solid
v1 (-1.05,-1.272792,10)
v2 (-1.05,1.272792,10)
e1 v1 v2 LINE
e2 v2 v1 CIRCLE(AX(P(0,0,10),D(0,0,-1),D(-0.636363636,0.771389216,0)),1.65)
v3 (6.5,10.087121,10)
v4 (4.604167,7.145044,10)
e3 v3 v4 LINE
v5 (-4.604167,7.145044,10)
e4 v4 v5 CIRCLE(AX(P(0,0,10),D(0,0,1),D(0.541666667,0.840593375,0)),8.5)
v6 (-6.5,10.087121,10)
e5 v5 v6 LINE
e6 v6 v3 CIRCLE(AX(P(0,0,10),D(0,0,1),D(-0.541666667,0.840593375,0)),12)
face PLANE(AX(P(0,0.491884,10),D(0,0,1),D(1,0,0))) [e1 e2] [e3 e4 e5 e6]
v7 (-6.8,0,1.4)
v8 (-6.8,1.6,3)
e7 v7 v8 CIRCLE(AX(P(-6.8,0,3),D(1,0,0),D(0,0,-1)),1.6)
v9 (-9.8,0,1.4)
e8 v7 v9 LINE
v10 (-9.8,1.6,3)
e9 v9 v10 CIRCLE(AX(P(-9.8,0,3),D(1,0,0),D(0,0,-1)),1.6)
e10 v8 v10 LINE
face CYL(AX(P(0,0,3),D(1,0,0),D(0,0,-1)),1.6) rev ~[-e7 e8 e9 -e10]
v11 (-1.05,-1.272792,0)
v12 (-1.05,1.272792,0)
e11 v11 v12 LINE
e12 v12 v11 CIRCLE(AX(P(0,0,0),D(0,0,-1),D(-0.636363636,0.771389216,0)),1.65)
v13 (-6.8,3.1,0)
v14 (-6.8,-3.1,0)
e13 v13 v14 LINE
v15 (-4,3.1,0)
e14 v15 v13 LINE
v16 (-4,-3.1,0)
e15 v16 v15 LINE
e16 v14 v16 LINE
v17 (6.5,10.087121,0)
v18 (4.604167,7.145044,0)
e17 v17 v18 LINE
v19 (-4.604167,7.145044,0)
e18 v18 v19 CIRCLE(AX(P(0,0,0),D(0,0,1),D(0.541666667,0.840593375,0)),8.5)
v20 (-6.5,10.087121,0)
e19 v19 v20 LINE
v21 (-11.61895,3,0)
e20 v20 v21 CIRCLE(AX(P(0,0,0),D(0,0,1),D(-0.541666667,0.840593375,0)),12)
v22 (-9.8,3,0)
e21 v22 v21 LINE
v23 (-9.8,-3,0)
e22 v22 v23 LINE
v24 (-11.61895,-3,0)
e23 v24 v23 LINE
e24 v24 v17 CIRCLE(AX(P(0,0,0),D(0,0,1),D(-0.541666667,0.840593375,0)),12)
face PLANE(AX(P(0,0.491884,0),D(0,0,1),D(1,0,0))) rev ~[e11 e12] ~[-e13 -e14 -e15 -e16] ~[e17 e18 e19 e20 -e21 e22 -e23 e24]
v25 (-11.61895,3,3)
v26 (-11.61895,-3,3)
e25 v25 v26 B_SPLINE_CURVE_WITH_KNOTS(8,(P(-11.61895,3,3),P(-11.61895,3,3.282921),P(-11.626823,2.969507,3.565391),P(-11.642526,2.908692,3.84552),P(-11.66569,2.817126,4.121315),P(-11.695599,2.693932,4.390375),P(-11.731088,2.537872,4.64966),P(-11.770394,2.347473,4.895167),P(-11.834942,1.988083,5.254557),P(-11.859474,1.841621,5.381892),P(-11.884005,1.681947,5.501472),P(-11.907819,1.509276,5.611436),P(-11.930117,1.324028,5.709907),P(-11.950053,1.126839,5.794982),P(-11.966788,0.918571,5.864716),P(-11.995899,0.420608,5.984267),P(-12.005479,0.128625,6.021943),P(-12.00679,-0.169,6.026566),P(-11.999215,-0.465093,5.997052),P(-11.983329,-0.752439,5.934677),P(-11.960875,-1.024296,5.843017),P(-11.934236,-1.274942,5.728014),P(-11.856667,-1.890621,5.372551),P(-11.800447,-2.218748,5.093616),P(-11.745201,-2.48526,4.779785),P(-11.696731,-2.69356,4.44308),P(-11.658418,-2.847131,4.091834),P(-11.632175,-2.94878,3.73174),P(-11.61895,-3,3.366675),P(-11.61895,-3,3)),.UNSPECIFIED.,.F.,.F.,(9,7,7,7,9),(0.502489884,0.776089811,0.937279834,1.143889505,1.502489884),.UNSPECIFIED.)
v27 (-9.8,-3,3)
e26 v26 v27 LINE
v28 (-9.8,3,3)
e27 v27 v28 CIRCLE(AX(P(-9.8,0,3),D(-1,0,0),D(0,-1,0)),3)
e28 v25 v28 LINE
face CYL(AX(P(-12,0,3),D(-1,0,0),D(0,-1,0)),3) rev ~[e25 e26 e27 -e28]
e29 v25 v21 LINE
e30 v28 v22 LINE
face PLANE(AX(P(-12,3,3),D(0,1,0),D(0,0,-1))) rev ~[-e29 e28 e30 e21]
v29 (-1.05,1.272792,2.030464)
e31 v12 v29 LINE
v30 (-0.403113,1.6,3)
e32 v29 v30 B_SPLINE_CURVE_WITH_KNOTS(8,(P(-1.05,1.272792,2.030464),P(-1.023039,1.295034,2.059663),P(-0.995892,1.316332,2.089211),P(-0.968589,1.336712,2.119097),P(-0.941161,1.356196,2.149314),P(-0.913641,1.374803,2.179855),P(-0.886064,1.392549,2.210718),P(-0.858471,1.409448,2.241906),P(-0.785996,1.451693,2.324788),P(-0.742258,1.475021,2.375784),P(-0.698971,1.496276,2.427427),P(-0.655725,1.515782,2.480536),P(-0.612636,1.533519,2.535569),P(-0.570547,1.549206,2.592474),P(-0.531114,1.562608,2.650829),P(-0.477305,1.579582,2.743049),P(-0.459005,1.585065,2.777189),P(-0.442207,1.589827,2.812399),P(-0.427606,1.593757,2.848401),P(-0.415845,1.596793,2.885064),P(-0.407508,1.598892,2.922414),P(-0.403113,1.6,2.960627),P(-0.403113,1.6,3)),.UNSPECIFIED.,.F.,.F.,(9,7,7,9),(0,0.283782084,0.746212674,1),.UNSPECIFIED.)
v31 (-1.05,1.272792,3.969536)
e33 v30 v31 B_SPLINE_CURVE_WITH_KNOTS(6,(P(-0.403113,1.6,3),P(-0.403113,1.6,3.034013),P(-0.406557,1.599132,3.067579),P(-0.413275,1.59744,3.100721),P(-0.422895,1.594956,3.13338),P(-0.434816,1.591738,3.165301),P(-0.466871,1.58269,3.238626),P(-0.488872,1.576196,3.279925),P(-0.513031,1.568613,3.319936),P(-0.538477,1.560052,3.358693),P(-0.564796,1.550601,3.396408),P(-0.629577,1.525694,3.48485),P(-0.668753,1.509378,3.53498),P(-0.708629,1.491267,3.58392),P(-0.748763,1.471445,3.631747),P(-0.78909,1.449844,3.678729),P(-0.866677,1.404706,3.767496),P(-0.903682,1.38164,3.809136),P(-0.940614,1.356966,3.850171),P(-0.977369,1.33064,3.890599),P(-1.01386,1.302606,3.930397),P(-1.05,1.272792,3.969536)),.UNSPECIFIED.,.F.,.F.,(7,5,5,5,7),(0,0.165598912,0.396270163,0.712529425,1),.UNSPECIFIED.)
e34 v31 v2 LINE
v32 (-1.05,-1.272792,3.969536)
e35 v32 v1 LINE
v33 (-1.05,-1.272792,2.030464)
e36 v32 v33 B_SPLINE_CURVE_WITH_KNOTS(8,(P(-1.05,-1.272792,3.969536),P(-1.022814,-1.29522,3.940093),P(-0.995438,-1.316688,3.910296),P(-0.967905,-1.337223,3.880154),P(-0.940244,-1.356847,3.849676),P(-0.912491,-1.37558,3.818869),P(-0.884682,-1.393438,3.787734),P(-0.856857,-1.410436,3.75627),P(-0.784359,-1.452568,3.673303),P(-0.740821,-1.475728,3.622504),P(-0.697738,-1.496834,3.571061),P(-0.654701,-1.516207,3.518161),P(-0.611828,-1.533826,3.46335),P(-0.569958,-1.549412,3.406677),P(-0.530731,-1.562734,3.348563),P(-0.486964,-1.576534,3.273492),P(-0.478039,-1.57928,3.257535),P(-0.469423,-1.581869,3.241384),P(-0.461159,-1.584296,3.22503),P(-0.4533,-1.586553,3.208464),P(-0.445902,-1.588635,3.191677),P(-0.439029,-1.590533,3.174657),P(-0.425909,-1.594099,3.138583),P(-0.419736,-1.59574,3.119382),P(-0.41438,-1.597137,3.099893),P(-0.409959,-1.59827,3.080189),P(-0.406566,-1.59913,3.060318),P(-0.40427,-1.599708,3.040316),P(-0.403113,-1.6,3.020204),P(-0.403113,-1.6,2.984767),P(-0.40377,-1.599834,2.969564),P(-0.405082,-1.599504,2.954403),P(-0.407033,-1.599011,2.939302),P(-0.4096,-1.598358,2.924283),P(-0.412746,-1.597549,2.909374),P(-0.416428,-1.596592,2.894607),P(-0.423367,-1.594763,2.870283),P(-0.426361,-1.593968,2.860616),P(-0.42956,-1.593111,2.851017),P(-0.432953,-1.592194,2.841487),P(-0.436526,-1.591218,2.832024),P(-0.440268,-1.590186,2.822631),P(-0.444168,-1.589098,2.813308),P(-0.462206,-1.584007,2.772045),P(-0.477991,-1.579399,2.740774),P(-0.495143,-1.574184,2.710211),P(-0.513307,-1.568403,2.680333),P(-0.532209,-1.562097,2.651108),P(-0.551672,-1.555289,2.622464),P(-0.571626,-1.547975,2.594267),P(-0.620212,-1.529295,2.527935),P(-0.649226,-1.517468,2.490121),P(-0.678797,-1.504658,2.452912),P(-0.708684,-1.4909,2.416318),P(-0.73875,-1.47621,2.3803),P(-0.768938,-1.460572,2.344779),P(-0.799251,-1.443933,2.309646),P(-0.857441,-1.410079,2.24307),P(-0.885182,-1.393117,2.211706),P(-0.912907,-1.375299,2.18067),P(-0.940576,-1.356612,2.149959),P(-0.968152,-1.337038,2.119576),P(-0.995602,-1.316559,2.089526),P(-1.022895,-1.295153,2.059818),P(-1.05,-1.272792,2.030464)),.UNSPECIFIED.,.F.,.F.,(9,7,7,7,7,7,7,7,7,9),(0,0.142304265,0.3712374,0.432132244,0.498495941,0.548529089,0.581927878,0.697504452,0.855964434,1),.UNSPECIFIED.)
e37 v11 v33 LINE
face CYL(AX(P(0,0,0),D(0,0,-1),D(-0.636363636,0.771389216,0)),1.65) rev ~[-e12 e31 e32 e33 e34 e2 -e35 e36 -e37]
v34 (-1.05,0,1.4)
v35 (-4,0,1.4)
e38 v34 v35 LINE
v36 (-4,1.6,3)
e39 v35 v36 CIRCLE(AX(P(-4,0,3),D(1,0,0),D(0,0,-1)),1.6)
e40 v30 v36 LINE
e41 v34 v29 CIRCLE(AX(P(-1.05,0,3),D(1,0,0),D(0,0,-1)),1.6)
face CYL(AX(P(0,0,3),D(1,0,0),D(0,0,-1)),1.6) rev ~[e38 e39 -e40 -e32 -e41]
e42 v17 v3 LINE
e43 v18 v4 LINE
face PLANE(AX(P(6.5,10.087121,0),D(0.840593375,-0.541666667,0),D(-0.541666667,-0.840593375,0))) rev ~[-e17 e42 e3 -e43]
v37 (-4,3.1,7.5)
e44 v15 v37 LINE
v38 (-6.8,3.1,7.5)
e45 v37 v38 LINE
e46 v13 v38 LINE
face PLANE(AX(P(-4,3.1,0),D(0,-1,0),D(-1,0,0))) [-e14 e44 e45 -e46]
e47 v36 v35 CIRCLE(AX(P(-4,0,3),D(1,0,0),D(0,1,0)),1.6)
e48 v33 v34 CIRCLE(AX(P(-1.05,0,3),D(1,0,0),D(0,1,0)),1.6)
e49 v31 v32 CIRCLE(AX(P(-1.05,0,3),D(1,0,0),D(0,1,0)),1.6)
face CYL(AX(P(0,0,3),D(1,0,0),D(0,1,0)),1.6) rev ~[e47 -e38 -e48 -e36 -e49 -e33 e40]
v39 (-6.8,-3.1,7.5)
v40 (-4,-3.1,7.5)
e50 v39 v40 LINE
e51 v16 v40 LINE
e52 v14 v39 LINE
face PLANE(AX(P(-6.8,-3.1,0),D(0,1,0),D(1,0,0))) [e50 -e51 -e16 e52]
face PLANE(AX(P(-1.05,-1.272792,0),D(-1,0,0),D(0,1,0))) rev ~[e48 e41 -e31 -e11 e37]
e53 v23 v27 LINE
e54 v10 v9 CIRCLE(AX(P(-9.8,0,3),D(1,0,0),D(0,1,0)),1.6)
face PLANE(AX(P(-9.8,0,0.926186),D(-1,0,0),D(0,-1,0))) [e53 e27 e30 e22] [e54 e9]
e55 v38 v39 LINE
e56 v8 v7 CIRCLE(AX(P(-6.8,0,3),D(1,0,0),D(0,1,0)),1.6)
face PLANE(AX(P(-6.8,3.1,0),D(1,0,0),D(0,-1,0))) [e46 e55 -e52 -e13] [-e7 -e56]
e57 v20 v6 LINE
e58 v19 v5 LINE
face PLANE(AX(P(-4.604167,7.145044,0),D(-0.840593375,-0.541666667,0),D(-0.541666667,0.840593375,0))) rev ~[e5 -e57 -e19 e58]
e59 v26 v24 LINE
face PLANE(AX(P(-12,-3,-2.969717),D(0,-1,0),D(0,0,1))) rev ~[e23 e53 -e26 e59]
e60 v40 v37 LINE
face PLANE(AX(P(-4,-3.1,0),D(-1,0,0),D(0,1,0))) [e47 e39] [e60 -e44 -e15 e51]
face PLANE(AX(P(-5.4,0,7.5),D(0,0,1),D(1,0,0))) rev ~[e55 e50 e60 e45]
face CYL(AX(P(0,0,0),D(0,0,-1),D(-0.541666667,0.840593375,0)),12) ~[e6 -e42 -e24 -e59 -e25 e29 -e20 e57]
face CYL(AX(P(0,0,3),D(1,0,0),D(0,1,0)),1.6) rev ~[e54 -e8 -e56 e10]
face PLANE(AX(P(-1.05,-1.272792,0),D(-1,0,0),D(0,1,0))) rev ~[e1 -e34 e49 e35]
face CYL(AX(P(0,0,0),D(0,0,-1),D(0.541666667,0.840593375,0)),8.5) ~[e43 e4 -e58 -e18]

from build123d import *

# Parameters (mm, degrees)
F1_DEPTH = 10
F3_DEPTH = 7.5
F5_DEPTH = 25
F8_DEPTH = 2.2


with BuildPart() as f1:
    # F0 (on Top) → F1 (new body)
    with BuildSketch(Plane.XY):
        with BuildLine():
            Line((-4.6041666667, 7.1450436881), (-6.5, 10.0871205009))
            ThreePointArc((-6.5, 10.0871205009), (0, -12), (6.5, 10.0871205009))
            Line((6.5, 10.0871205009), (4.6041666667, 7.1450436881))
            ThreePointArc((4.6041666667, 7.1450436881), (0, 8.5), (-4.6041666667, 7.1450436881))
        make_face()
        with BuildLine():
            ThreePointArc((-1.05, 1.2727922061), (1.65, 0), (-1.05, -1.2727922061))
            Line((-1.05, -1.2727922061), (-1.05, 1.2727922061))
        make_face(mode=Mode.SUBTRACT)
    extrude(amount=F1_DEPTH)

    # F2 (on Top) → F3 (cut)
    with BuildSketch(Plane.XY):
        Polygon((-4, 0), (-4, 3.1), (-6.8, 3.1), (-6.8, -3.1), (-4, -3.1), align=None)
    extrude(amount=F3_DEPTH, mode=Mode.SUBTRACT)

    # F4 (on Right) → F5 (cut)
    with BuildSketch(Plane.YZ):
        with BuildLine():
            ThreePointArc((0, 1.4), (1.1313708499, 1.8686291501), (1.6, 3))
            ThreePointArc((1.6, 3), (-1.1313708499, 4.1313708499), (0, 1.4))
        make_face()
    extrude(amount=-F5_DEPTH, mode=Mode.SUBTRACT)

    # F7 (on offset) → F8 (cut)
    with BuildSketch(Plane(origin=(-12, 0, 0), x_dir=(0, -1, 0), z_dir=(-1, 0, 0))):
        with BuildLine():
            Line((3, -2.9697169084), (3, 3))
            ThreePointArc((3, 3), (0, 6), (-3, 3))
            Line((-3, 3), (-3, -2.9697169084))
            Line((-3, -2.9697169084), (3, -2.9697169084))
        make_face()
    extrude(amount=-F8_DEPTH, mode=Mode.SUBTRACT)


solid = f1.part
